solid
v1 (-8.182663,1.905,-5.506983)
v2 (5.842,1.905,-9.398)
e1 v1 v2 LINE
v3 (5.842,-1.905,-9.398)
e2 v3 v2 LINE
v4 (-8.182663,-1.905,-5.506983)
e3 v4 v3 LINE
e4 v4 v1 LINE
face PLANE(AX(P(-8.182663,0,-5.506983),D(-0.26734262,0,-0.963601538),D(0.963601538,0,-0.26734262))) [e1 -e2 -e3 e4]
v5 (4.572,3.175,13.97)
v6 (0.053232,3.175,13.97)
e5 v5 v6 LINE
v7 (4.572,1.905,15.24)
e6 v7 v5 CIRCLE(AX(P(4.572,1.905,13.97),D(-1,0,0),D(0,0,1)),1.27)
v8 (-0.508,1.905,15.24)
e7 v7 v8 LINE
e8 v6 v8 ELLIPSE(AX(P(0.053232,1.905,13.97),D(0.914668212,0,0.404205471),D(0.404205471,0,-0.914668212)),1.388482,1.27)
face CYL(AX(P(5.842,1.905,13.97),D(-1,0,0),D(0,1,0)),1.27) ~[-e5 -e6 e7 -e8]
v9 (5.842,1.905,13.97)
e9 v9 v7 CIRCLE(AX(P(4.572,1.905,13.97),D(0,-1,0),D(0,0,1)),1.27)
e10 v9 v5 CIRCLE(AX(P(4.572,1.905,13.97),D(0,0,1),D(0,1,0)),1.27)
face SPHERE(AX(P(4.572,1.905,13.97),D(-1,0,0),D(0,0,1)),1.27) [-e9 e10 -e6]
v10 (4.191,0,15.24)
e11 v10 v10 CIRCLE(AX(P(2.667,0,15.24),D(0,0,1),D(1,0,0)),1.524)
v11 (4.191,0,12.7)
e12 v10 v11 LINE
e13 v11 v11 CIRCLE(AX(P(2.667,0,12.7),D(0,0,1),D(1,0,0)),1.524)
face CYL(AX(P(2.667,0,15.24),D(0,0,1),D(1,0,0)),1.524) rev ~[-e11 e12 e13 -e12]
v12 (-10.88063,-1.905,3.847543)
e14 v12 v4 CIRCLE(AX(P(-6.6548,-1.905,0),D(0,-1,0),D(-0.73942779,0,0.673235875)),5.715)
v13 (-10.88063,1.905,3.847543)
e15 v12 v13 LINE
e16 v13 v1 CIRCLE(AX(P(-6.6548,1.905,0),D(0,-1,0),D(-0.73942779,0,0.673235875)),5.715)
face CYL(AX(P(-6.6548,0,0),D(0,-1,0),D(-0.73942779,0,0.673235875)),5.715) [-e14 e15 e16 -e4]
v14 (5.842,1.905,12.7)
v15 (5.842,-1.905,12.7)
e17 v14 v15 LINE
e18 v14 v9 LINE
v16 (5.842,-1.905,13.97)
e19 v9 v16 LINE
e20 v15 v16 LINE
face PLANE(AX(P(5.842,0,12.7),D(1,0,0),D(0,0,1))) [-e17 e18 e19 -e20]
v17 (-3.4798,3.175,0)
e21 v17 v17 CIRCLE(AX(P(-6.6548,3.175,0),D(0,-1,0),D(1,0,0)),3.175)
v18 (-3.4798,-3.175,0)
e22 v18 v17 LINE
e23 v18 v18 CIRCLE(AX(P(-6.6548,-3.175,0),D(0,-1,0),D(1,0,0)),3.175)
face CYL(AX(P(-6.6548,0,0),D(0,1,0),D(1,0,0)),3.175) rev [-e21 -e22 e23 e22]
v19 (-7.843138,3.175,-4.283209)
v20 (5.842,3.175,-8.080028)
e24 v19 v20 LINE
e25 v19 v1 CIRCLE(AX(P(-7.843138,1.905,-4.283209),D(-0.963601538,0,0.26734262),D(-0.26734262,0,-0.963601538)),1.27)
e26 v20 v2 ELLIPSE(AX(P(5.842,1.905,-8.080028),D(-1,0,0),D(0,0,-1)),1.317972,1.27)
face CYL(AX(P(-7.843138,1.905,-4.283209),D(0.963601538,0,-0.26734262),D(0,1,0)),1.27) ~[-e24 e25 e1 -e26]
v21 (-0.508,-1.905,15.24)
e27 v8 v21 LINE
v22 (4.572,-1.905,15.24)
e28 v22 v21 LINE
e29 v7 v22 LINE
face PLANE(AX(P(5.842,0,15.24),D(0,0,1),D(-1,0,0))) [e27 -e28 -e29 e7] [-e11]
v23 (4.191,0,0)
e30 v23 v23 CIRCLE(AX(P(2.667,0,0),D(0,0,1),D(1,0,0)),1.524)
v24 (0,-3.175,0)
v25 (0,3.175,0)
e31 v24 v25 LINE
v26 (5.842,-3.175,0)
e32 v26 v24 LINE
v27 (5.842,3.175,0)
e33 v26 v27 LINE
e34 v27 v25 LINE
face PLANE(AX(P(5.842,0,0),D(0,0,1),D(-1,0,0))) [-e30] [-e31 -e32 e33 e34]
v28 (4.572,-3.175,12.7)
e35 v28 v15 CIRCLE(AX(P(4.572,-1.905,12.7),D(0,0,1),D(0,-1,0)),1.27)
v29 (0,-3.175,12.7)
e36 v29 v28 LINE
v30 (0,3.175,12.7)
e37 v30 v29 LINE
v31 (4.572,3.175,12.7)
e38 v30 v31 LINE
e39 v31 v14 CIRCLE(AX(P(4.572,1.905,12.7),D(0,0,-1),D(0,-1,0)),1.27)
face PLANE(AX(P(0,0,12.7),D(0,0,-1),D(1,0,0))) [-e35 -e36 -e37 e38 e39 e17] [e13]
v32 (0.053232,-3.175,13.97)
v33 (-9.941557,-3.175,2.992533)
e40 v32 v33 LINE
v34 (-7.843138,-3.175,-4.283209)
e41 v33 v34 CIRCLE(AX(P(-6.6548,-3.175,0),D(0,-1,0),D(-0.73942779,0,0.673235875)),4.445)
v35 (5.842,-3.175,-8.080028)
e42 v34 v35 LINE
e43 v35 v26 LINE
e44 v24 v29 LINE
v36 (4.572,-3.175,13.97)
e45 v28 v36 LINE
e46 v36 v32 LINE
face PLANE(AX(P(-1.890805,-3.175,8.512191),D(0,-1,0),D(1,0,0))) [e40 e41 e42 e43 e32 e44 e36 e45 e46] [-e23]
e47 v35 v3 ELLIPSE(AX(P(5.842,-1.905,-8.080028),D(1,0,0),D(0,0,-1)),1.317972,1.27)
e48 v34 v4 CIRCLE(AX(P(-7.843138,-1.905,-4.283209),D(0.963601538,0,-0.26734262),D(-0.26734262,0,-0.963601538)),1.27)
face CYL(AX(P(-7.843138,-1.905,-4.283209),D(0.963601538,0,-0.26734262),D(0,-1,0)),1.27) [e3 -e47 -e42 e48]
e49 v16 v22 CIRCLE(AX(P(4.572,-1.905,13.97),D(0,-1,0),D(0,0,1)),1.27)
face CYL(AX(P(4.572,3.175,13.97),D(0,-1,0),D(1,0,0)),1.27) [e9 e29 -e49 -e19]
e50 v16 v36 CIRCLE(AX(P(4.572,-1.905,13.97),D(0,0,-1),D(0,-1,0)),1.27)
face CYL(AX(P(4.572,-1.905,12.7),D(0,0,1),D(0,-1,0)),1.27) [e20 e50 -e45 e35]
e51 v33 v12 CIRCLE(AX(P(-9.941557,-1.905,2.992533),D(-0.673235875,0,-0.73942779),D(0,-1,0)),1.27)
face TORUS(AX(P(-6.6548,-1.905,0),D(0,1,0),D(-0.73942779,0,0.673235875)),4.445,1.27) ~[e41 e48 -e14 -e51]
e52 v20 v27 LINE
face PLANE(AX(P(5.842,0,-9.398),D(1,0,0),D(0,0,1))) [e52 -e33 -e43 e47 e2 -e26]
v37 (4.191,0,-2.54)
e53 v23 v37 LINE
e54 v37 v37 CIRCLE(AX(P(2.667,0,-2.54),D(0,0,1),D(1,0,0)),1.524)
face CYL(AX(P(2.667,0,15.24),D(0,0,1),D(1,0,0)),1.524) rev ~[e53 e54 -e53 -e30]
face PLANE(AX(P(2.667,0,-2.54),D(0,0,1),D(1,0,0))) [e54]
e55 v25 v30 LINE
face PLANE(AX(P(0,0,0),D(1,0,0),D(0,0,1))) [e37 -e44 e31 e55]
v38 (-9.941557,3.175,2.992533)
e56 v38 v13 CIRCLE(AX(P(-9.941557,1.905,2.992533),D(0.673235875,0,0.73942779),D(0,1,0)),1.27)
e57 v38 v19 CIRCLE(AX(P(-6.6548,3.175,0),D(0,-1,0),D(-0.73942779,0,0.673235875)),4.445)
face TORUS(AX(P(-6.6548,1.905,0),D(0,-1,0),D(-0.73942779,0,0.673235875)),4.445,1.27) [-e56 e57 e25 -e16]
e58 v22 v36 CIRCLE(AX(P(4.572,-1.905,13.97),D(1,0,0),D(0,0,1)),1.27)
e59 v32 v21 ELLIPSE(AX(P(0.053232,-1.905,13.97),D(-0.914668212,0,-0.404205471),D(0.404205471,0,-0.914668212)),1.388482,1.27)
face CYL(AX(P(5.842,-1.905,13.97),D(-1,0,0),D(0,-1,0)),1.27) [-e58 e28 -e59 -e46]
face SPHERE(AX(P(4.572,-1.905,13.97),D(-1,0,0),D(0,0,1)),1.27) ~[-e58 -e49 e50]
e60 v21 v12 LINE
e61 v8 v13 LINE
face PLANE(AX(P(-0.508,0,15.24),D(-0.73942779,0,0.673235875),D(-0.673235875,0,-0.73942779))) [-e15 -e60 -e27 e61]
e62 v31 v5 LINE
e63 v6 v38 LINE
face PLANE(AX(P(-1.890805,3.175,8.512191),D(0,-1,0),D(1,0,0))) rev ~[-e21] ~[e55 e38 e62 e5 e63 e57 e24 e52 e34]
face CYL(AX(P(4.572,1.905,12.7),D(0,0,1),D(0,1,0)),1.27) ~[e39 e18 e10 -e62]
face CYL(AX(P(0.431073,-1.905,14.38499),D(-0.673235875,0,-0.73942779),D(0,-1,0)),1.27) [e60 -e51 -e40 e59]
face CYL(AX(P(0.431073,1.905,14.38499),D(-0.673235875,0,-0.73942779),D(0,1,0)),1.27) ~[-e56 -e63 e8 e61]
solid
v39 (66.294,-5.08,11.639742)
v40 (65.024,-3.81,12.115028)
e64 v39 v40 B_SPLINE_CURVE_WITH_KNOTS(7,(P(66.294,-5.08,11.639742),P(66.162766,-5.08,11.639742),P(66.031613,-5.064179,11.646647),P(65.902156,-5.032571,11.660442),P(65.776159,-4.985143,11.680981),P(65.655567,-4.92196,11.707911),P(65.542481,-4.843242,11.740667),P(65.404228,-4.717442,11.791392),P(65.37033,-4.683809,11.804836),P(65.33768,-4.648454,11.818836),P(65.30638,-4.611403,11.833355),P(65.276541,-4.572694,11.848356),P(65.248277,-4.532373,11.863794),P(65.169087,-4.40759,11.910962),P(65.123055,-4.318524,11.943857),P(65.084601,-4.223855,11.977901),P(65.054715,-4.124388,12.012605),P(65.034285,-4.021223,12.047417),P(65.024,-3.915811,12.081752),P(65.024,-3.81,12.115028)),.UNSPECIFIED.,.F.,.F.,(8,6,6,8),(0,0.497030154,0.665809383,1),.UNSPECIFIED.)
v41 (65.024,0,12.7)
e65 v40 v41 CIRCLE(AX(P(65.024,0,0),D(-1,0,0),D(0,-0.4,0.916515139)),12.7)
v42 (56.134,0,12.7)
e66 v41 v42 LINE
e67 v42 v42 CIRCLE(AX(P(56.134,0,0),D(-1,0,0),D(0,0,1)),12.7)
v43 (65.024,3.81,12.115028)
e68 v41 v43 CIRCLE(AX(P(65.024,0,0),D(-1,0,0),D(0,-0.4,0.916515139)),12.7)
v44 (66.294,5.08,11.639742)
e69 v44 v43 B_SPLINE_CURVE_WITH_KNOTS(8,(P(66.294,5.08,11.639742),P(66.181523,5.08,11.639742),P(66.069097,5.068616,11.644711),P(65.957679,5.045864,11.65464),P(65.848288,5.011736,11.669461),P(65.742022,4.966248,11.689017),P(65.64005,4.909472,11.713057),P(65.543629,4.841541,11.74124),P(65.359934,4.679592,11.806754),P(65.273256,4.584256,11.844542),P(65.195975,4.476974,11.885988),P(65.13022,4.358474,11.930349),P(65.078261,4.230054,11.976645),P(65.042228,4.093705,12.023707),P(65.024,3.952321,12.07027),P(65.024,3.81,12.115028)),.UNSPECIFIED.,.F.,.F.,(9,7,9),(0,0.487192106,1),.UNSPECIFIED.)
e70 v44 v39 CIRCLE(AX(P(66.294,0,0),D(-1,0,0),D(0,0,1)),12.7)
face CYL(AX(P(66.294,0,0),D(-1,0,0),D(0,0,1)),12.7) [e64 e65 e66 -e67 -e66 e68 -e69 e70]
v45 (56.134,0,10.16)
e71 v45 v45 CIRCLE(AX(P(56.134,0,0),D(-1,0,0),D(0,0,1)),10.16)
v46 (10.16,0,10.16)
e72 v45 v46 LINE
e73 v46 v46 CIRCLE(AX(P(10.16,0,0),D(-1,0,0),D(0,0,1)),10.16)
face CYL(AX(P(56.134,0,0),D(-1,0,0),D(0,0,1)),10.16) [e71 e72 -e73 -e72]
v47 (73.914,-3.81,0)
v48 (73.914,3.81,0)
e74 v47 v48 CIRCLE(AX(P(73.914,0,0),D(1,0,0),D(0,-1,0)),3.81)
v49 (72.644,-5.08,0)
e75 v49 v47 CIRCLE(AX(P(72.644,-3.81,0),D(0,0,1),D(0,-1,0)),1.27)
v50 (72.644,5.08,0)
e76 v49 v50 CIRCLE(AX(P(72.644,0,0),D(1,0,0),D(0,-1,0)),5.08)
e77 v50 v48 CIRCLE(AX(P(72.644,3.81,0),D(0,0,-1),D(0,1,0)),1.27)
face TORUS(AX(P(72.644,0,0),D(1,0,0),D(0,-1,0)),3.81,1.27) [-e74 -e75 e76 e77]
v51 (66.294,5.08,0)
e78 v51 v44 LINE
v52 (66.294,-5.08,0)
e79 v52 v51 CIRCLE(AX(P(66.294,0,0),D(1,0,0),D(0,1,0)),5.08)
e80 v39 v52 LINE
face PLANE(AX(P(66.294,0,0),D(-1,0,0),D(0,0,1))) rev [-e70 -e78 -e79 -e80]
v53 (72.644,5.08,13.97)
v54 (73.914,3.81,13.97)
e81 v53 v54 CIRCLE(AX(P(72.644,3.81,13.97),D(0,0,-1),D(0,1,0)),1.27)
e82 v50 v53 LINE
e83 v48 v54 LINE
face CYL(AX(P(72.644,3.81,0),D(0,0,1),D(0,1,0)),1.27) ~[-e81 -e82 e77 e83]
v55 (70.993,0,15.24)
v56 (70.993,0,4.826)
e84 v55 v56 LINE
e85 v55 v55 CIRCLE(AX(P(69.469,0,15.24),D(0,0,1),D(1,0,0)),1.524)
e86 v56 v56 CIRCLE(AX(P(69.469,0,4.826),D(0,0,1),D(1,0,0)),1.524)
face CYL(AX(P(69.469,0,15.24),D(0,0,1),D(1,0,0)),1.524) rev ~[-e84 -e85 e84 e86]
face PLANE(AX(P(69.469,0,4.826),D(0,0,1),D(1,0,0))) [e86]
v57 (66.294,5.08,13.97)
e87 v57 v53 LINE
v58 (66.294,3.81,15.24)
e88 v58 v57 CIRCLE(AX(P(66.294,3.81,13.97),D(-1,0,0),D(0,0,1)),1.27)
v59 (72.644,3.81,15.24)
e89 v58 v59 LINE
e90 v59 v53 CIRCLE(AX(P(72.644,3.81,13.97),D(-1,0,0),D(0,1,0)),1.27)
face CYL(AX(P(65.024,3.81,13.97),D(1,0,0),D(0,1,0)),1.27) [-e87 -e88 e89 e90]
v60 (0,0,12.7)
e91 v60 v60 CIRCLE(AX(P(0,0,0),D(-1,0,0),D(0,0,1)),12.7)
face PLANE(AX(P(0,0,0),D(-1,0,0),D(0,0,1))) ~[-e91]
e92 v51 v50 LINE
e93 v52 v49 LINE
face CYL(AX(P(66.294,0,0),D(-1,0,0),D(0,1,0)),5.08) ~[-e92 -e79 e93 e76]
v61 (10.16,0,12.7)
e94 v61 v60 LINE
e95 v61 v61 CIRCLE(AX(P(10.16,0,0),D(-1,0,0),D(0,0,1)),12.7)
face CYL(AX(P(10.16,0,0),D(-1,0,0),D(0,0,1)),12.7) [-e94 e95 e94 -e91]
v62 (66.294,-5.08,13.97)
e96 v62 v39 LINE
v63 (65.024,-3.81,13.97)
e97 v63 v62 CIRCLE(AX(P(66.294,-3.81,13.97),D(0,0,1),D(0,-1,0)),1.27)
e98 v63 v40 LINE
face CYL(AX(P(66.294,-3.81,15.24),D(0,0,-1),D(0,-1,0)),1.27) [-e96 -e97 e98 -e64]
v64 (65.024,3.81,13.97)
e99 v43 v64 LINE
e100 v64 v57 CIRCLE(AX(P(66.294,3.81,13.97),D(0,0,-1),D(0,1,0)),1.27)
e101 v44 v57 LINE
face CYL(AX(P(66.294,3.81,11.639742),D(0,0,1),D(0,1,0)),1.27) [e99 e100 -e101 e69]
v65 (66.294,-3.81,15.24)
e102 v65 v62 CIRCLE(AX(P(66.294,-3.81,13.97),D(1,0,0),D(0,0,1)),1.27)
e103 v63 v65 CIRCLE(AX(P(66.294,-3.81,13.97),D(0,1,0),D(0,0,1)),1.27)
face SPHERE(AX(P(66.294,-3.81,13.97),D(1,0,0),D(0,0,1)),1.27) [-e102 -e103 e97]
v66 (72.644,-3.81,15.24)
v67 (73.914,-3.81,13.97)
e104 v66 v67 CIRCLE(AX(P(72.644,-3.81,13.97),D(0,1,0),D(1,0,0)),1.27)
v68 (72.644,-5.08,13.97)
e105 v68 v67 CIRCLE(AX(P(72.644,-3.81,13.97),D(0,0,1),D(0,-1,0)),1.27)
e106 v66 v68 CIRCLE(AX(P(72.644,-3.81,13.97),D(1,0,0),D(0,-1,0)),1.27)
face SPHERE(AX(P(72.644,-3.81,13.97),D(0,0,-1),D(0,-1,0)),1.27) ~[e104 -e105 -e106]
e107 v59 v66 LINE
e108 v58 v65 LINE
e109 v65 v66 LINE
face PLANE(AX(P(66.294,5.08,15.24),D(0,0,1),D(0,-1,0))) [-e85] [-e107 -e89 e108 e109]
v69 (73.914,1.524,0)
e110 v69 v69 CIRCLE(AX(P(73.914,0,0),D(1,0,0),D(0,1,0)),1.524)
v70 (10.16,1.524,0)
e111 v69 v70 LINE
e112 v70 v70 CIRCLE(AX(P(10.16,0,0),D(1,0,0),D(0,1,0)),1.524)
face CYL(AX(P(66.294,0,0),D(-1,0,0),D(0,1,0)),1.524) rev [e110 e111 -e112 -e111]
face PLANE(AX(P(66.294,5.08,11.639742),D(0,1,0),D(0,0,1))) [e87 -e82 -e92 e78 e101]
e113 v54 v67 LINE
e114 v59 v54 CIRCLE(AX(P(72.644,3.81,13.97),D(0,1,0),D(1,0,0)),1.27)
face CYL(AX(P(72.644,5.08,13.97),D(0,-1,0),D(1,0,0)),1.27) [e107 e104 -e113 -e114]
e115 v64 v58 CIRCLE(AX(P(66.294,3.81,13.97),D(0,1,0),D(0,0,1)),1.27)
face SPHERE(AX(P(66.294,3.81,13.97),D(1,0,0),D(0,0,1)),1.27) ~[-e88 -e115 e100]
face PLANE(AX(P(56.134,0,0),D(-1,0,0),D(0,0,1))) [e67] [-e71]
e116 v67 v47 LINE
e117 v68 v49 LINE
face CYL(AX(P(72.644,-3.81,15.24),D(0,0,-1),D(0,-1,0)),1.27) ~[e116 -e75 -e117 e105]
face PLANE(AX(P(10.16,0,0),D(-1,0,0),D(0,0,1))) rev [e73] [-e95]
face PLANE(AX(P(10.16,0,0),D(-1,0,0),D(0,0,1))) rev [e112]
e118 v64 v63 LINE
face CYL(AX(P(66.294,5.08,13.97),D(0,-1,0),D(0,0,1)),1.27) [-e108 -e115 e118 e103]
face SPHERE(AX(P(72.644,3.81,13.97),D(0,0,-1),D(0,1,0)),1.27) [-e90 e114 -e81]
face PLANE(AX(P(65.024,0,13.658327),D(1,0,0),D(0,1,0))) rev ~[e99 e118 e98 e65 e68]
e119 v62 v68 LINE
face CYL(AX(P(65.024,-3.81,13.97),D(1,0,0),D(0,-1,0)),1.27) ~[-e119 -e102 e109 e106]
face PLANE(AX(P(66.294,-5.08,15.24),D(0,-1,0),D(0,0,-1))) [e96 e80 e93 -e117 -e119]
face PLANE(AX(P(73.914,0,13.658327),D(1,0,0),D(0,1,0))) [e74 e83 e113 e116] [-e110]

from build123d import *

# Parameters (mm, degrees)
F0_W      = 5.842
F0_H      = 12.7
F0_R      = 3.175
F2_DEPTH  = 3.175
F3_R      = 1.524
F4_DEPTH  = 7.62
F5_DEPTH  = 1.27
F6_DEPTH  = 56.134
F8_R      = 1.524
F9_DEPTH  = 17.78
F10_R     = 1.27
F10_2_R   = 1.27
F7_R      = 1.524
F11_DEPTH = 10.414


with BuildPart() as f1:
    # F0 (on Front) → F1 (revolve)
    with BuildSketch(Plane.XZ):
        Polygon((5.842, 12.7), (5.842, 0), (66.294, 0), (66.294, 12.7), (56.134, 12.7), (56.134, 10.16), (10.16, 10.16), (10.16, 12.7), align=None)
        with Locations((2.921, 6.35)):
            Rectangle(F0_W, F0_H)
    revolve(axis=Axis((33.147, 0, 0), (-1, 0, 0)))

    # F3 (on face) → F4 (join)
    with BuildSketch(Plane.YZ.offset(66.294)):
        with BuildLine():
            ThreePointArc((-5.08, 11.6397422652), (0, 12.7), (5.08, 11.6397422652))
            Line((5.08, 11.6397422652), (5.08, 15.24))
            Line((5.08, 15.24), (-5.08, 15.24))
            Line((-5.08, 15.24), (-5.08, 11.6397422652))
        make_face()
        with BuildLine():
            ThreePointArc((-5.08, 0), (0, 5.08), (5.08, 0))
            Line((5.08, 0), (5.08, 11.6397422652))
            ThreePointArc((5.08, 11.6397422652), (0, 12.7), (-5.08, 11.6397422652))
            Line((-5.08, 11.6397422652), (-5.08, 0))
        make_face()
        with BuildLine():
            ThreePointArc((-5.08, 0), (0, -5.08), (5.08, 0))
            ThreePointArc((5.08, 0), (0, 5.08), (-5.08, 0))
        make_face()
        Circle(F3_R, mode=Mode.SUBTRACT)
    extrude(amount=F4_DEPTH)

    # F5 (add): a face of the model
    f5_faces = [f1.faces().sort_by_distance(p)[0] for p in [
        (66.294, 0, 13.7792682875),
    ]]
    extrude(f5_faces, amount=F5_DEPTH)

    # F6 (cut, through all): a face of the model
    f6_faces = [f1.faces().sort_by_distance(p)[0] for p in [
        (66.294, 0, 0),
    ]]
    extrude(f6_faces, amount=-F6_DEPTH, mode=Mode.SUBTRACT)

    # F10
    f10_edges = [f1.edges().sort_by_distance(p)[0] for p in [
        (73.914, -5.08, 7.62),
        (69.469, -5.08, 15.24),
        (69.469, 5.08, 15.24),
        (73.914, 0, 15.24),
        (65.024, 0, 15.24),
        (65.024, -5.08, 13.439871),
        (65.024, 5.08, 13.439871),
    ]]
    fillet(f10_edges, radius=F10_R)

    # F7 (on face) → F11 (cut)
    with BuildSketch(Plane.XY.offset(15.24)):
        with Locations((69.469, 0)):
            Circle(F7_R)
    extrude(amount=-F11_DEPTH, mode=Mode.SUBTRACT)


with BuildPart() as f2:
    # F0 (on Front) → F2 (new body, symmetric)
    with BuildSketch(Plane.XZ):
        with BuildLine():
            Line((-0.9398, 0), (0, 0))
            Line((0, 0), (0, 12.7))
            Line((0, 12.7), (5.842, 12.7))
            Line((5.842, 12.7), (5.842, 15.24))
            Line((5.842, 15.24), (-0.508, 15.24))
            Line((-0.508, 15.24), (-10.8806298187, 3.8475430269))
            ThreePointArc((-10.8806298187, 3.8475430269), (-4.5919612295, 5.3297205562), (-0.9398, 0))
        make_face()
        with BuildLine():
            Line((5.842, 0), (0, 0))
            Line((0, 0), (-0.9398, 0))
            ThreePointArc((-0.9398, 0), (-3.1957909266, -4.5493385486), (-8.1826630726, -5.5069827884))
            Line((-8.1826630726, -5.5069827884), (5.842, -9.398))
            Line((5.842, -9.398), (5.842, 0))
        make_face()
        with BuildLine():
            ThreePointArc((-8.1826630726, -5.5069827884), (-3.1957909266, -4.5493385486), (-0.9398, 0))
            ThreePointArc((-0.9398, 0), (-4.5919612295, 5.3297205562), (-10.8806298187, 3.8475430269))
            ThreePointArc((-10.8806298187, 3.8475430269), (-12.1459778134, -1.5837270034), (-8.1826630726, -5.5069827884))
        make_face()
        with Locations((-6.6548, 0)):
            Circle(F0_R, mode=Mode.SUBTRACT)
    extrude(amount=F2_DEPTH, both=True)

    # F8 (on face) → F9 (cut)
    with BuildSketch(Plane.XY.offset(15.24)):
        with Locations((2.667, 0)):
            Circle(F8_R)
    extrude(amount=-F9_DEPTH, mode=Mode.SUBTRACT)

    # F10#2
    f10_2_edges = [f2.edges().sort_by_distance(p)[0] for p in [
        (-5.694315, 3.175, 9.543772),
        (-5.694315, -3.175, 9.543772),
        (2.667, 3.175, 15.24),
        (2.667, -3.175, 15.24),
        (5.842, 0, 15.24),
        (5.842, 3.175, 13.97),
        (5.842, -3.175, 13.97),
    ]]
    fillet(f10_2_edges, radius=F10_2_R)


solid = Compound([f1.part, f2.part])
